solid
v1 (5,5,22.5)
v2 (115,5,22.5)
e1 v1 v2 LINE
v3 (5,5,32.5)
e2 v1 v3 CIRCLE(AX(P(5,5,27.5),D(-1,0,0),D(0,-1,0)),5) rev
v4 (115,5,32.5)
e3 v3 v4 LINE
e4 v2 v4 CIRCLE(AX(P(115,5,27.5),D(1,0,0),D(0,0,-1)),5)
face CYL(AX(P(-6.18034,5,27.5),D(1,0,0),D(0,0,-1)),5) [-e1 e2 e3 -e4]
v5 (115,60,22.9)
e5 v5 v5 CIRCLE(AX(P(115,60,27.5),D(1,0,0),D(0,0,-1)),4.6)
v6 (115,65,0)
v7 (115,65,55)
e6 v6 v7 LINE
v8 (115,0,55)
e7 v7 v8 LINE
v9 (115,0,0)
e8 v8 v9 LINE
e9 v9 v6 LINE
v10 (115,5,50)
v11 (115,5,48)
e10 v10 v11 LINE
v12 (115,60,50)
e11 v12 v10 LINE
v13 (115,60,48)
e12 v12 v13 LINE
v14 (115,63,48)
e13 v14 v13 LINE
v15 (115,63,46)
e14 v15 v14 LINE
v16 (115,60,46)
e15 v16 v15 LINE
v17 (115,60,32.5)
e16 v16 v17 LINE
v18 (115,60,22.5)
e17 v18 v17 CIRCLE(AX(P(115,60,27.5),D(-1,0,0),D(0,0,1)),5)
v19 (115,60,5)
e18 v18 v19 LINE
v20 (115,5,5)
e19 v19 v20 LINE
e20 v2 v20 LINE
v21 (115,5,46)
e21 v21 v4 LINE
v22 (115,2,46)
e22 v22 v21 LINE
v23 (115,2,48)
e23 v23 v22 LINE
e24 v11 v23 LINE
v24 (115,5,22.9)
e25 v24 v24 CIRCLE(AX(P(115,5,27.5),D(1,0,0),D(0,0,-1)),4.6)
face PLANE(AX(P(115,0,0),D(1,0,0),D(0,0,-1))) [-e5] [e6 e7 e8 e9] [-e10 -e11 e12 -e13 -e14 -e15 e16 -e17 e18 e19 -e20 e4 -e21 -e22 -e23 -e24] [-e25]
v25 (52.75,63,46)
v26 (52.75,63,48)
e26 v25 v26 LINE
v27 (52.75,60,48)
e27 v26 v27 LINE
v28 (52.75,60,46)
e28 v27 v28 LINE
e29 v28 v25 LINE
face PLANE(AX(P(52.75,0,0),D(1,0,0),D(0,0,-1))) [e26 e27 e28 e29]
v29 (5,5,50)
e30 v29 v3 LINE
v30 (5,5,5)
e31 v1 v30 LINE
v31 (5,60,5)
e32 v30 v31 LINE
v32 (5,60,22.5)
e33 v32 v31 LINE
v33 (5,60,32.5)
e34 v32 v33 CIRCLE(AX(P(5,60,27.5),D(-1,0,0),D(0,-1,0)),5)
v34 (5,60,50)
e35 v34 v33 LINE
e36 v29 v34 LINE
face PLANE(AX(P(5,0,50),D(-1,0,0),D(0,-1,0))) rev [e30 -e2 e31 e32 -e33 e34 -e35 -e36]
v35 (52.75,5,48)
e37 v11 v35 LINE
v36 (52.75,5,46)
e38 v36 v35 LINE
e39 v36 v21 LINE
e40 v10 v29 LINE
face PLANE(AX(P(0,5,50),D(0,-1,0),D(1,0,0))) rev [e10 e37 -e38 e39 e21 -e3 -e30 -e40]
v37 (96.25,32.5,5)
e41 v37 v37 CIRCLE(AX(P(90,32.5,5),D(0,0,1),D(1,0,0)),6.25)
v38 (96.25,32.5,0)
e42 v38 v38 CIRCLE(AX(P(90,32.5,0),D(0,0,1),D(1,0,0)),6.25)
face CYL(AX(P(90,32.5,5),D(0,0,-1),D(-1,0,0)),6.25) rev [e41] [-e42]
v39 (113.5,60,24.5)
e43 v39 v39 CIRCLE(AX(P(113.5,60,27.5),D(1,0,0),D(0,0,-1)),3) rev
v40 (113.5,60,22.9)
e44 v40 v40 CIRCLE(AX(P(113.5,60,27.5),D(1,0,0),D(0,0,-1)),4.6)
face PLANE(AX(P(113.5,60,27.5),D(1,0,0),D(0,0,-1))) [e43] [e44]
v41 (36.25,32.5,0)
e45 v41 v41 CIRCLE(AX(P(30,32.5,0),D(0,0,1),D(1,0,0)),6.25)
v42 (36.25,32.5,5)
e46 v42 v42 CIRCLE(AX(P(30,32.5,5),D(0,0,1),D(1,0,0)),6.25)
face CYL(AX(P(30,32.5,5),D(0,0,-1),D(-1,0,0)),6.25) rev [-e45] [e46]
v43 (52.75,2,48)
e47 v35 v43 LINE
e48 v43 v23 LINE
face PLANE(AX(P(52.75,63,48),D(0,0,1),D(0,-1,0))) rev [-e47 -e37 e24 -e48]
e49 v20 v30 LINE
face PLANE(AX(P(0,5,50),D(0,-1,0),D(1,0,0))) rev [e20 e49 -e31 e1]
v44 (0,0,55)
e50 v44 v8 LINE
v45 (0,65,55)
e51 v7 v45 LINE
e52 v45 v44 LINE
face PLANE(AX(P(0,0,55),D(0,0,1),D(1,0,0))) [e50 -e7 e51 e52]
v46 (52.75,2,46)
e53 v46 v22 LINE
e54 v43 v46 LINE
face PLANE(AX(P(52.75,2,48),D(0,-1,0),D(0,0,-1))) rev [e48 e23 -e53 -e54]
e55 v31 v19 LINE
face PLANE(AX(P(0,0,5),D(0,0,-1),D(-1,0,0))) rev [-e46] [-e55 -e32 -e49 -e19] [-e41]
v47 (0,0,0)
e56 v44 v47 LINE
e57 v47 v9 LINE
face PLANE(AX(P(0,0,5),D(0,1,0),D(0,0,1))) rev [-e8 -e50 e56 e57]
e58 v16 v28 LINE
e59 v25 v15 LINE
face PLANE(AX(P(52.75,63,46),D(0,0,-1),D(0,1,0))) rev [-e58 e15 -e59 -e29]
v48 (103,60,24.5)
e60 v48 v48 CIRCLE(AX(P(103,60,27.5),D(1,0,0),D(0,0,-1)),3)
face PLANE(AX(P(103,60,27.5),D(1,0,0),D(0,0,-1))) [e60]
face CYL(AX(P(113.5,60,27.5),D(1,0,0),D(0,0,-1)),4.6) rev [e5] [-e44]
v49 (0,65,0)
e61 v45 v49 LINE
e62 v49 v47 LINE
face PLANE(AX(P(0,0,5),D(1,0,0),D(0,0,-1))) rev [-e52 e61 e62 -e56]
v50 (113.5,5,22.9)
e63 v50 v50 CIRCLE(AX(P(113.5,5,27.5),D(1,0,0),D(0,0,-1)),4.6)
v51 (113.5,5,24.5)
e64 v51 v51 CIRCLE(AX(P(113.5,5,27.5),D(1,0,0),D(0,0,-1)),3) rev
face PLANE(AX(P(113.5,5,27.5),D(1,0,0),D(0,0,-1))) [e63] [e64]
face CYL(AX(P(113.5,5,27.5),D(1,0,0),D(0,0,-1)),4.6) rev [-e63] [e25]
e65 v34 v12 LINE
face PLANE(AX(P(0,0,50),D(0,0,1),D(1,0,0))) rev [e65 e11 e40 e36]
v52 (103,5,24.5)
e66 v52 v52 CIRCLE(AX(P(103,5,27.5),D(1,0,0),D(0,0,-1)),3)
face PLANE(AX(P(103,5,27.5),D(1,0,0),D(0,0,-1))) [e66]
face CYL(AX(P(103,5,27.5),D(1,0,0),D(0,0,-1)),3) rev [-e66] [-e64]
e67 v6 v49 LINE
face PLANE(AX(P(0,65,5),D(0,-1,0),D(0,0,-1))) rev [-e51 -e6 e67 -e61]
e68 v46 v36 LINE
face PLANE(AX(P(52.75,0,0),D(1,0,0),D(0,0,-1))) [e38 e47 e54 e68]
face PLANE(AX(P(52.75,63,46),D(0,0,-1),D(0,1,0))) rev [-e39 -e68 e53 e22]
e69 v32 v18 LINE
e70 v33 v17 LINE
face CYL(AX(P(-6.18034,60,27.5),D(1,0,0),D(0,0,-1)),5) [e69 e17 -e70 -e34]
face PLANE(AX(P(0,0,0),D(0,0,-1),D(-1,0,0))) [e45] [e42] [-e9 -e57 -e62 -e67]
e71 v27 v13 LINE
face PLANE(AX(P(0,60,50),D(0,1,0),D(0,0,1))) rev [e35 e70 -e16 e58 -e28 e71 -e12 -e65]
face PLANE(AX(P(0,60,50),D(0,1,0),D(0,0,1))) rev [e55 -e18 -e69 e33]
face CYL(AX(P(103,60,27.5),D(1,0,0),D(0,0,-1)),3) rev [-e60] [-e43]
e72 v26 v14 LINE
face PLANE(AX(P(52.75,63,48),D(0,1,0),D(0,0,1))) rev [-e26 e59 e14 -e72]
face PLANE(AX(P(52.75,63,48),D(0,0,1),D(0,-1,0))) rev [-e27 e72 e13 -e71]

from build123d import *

# Parameters (mm, degrees)
ESQUISSE1_W             = 120
ESQUISSE1_H             = 65
ESQUISSE1_R             = 6.25
BOSS_EXTRU_1_DEPTH      = 5
ESQUISSE2_W             = 120
ESQUISSE2_H             = 65
ESQUISSE2_W_2           = 110
ESQUISSE2_H_2           = 55
BOSS_EXTRU_3_DEPTH      = 45
ESQUISSE4_W             = 120
ESQUISSE4_H             = 65
BOSS_EXTRU_4_DEPTH      = 5
ESQUISSE5_W             = 55
ESQUISSE5_H             = 65
ENL_V_MAT_EXTRU_1_DEPTH = 5
ESQUISSE6_W             = 2
ESQUISSE6_H             = 61
ENL_V_MAT_EXTRU_2_DEPTH = 62.25
BOSS_EXTRU_6_DEPTH      = 110
ESQUISSE8_R             = 3
ENL_V_MAT_EXTRU_3_DEPTH = 12
ESQUISSE9_R             = 4.6
ENL_V_MAT_EXTRU_7_DEPTH = 1.5


with BuildPart() as part:
    # Esquisse1 → Boss.-Extru.1 (new body)
    with BuildSketch(Plane.XY):
        with Locations((60, 32.5)):
            Rectangle(ESQUISSE1_W, ESQUISSE1_H)
        with Locations((30, 32.5)):
            Circle(ESQUISSE1_R, mode=Mode.SUBTRACT)
        with Locations((90, 32.5)):
            Circle(ESQUISSE1_R, mode=Mode.SUBTRACT)
    extrude(amount=BOSS_EXTRU_1_DEPTH)

    # Esquisse2 → Boss.-Extru.3 (add)
    with BuildSketch(Plane.XY.offset(5)):
        with Locations((60, 32.5)):
            Rectangle(ESQUISSE2_W, ESQUISSE2_H)
        with Locations((60, 32.5)):
            Rectangle(ESQUISSE2_W_2, ESQUISSE2_H_2, mode=Mode.SUBTRACT)
    extrude(amount=BOSS_EXTRU_3_DEPTH)

    # Esquisse4 → Boss.-Extru.4 (add)
    with BuildSketch(Plane.XY.offset(50)):
        with Locations((60, 32.5)):
            Rectangle(ESQUISSE4_W, ESQUISSE4_H)
    extrude(amount=BOSS_EXTRU_4_DEPTH)

    # Esquisse5 → Enlèv. mat.-Extru.1 (cut)
    with BuildSketch(Plane(origin=(120, 0, 0), x_dir=(0, 0, -1), z_dir=(1, 0, 0))):
        with Locations((-27.5, 32.5)):
            Rectangle(ESQUISSE5_W, ESQUISSE5_H)
    extrude(amount=-ENL_V_MAT_EXTRU_1_DEPTH, mode=Mode.SUBTRACT)

    # Esquisse6 → Enlèv. mat.-Extru.2 (cut)
    with BuildSketch(Plane(origin=(115, 0, 0), x_dir=(0, 0, -1), z_dir=(1, 0, 0))):
        with Locations((-47, 32.5)):
            Rectangle(ESQUISSE6_W, ESQUISSE6_H)
    extrude(amount=-ENL_V_MAT_EXTRU_2_DEPTH, mode=Mode.SUBTRACT)

    # Esquisse7 → Boss.-Extru.6 (add)
    with BuildSketch(Plane(origin=(115, 0, 0), x_dir=(0, 0, -1), z_dir=(1, 0, 0))):
        with BuildLine():
            Line((-22.5, 60), (-32.5, 60))
            ThreePointArc((-32.5, 60), (-27.5, 55), (-22.5, 60))
        make_face()
        with BuildLine():
            Line((-32.5, 5), (-22.5, 5))
            ThreePointArc((-22.5, 5), (-27.5, 10), (-32.5, 5))
        make_face()
    extrude(amount=-BOSS_EXTRU_6_DEPTH)

    # Esquisse8 → Enlèv. mat.-Extru.3 (cut)
    with BuildSketch(Plane(origin=(115, 0, 0), x_dir=(0, 0, -1), z_dir=(1, 0, 0))):
        with Locations((-27.5, 60)):
            Circle(ESQUISSE8_R)
        with Locations((-27.5, 5)):
            Circle(ESQUISSE8_R)
    extrude(amount=-ENL_V_MAT_EXTRU_3_DEPTH, mode=Mode.SUBTRACT)

    # Esquisse9 → Enlèv. mat.-Extru.7 (cut)
    with BuildSketch(Plane(origin=(115, 0, 0), x_dir=(0, 0, -1), z_dir=(1, 0, 0))):
        with Locations((-27.5, 60)):
            Circle(ESQUISSE9_R)
        with Locations((-27.5, 5)):
            Circle(ESQUISSE9_R)
    extrude(amount=-ENL_V_MAT_EXTRU_7_DEPTH, mode=Mode.SUBTRACT)


solid = part.part
